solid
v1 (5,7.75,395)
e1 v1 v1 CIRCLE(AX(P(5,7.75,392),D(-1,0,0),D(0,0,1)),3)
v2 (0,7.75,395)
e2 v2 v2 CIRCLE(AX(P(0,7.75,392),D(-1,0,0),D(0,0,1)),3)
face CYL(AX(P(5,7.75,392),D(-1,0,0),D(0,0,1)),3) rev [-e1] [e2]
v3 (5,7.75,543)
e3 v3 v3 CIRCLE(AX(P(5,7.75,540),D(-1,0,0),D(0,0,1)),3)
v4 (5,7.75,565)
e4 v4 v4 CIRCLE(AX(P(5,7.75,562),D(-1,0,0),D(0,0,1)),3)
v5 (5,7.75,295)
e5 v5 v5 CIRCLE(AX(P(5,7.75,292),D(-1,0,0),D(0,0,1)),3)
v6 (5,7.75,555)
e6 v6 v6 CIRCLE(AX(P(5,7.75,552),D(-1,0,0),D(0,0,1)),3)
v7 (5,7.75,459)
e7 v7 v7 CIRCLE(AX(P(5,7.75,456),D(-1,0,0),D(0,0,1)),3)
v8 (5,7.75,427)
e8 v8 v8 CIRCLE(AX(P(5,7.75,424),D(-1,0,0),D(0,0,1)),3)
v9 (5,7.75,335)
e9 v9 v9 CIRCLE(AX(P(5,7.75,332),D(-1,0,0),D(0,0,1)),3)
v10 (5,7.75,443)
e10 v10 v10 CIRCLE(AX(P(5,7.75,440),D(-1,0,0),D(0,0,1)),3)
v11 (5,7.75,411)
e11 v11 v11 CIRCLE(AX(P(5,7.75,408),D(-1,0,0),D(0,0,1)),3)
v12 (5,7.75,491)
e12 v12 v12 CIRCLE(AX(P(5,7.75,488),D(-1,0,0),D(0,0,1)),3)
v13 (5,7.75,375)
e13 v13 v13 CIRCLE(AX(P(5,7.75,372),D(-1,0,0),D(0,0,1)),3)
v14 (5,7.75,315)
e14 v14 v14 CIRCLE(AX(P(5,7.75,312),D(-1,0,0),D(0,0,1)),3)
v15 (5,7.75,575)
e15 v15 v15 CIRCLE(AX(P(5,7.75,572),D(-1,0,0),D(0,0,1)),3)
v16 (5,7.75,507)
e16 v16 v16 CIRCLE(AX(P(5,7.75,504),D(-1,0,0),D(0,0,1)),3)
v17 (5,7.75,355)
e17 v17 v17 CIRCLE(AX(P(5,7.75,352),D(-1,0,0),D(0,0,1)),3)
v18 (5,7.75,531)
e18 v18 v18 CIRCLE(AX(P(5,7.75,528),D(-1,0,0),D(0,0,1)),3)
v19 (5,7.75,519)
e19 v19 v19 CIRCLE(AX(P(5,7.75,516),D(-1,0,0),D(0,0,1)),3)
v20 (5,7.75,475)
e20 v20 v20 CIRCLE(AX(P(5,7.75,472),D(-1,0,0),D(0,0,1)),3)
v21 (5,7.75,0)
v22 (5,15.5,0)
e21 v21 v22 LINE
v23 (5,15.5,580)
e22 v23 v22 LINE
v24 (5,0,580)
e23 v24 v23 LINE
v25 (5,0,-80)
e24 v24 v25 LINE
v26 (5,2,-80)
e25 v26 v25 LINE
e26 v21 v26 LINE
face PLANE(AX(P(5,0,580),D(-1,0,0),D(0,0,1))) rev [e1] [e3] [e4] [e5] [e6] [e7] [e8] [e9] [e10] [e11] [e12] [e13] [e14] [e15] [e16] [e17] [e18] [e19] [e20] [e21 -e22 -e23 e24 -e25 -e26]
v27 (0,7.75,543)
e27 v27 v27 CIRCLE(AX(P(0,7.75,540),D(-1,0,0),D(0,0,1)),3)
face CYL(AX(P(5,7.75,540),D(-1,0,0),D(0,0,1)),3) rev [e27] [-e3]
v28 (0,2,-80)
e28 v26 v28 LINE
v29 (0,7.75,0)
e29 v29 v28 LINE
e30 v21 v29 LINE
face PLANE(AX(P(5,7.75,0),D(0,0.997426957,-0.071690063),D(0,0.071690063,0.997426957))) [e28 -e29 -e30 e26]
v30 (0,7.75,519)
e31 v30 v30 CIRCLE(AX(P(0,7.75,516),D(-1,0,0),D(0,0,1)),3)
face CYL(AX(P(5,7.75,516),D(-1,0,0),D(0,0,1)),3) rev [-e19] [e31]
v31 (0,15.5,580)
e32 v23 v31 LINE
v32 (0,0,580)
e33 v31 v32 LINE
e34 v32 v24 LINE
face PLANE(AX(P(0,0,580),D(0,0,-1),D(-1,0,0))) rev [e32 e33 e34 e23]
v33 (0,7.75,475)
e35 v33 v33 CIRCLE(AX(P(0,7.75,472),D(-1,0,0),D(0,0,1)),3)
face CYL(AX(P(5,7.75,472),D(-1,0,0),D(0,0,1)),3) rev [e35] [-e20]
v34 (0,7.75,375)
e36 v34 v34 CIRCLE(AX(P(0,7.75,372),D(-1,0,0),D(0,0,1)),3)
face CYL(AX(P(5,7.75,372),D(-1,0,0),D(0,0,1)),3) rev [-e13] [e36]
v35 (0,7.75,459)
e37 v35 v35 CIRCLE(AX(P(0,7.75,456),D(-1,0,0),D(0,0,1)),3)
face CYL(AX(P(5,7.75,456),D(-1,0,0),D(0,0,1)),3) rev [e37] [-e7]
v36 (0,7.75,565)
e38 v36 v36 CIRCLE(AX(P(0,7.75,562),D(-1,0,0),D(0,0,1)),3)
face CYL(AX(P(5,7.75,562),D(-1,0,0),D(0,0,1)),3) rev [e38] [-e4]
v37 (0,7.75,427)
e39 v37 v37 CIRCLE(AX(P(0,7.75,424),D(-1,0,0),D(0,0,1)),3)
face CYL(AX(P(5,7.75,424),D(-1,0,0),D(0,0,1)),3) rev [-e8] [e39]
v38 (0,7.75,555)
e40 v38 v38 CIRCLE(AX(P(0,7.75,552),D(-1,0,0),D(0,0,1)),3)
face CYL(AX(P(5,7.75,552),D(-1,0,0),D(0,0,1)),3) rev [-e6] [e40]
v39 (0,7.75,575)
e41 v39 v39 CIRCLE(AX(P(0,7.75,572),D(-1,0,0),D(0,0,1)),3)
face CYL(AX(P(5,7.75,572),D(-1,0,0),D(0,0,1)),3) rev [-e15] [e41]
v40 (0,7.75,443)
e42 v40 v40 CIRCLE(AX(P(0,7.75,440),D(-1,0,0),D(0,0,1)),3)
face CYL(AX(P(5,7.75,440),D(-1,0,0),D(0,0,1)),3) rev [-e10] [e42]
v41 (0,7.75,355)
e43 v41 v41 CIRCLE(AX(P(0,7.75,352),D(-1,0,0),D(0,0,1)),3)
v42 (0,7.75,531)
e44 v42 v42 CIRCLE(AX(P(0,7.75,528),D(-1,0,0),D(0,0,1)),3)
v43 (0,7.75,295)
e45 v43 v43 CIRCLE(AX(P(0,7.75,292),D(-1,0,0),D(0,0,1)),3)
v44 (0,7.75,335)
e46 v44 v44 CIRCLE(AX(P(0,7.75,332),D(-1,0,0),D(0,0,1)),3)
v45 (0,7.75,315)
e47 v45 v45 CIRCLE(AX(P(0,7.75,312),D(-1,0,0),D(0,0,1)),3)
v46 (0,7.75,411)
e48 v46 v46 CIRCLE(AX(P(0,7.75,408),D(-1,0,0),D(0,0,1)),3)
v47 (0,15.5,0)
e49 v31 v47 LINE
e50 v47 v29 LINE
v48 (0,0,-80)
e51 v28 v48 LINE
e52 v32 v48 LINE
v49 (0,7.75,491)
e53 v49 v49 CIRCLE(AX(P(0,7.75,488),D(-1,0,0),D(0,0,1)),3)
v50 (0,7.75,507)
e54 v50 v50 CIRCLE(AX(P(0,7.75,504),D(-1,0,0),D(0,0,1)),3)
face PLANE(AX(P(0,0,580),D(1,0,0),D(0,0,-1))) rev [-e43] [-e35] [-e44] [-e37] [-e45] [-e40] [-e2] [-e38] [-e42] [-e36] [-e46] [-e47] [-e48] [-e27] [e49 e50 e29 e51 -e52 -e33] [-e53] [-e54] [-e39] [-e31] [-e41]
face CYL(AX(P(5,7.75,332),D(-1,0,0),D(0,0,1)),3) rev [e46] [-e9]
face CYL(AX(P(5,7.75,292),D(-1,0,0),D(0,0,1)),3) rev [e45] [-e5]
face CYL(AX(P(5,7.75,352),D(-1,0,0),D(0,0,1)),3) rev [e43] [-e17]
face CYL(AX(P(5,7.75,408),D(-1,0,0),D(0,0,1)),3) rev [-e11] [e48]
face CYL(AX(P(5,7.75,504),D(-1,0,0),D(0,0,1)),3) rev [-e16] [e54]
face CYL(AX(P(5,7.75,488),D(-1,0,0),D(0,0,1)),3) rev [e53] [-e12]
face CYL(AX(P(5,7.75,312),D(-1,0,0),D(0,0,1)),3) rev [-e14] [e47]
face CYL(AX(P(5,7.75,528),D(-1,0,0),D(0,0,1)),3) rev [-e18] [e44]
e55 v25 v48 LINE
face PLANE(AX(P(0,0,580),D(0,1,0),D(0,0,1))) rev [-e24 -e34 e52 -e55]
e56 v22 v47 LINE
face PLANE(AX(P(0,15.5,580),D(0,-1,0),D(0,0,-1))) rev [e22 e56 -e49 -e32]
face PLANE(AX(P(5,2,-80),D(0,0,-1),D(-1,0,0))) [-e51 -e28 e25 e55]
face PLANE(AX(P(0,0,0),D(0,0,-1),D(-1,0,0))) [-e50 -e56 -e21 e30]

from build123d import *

# Parameters (mm, degrees)
SKIZZE1_W                       = 5
SKIZZE1_H                       = 15.5
GRUNDSTAB_DEPTH                 = 580
AUFSATZ_LINEAR_AUSTRAGEN2_DEPTH = 5
SKIZZE4_R                       = 3
SCHNITT_LINEAR_AUSTRAGEN1_DEPTH = 581.228618736


with BuildPart() as part:
    # Skizze1 → GrundStab (new body)
    with BuildSketch(Plane.XY):
        with Locations((2.5, 7.75)):
            Rectangle(SKIZZE1_W, SKIZZE1_H)
    extrude(amount=GRUNDSTAB_DEPTH)

    # Skizze3 → Aufsatz-Linear austragen2 (add, through all)
    with BuildSketch(Plane.ZY):
        Polygon((0, 7.75), (-80, 2), (-80, 0), (0, 0), align=None)
    extrude(amount=-AUFSATZ_LINEAR_AUSTRAGEN2_DEPTH)

    # Skizze4 → Schnitt-Linear austragen1 (cut, through all)
    with BuildSketch(Plane.ZY):
        with Locations((572, 7.75)):
            Circle(SKIZZE4_R)
        with Locations((562, 7.75)):
            Circle(SKIZZE4_R)
        with Locations((552, 7.75)):
            Circle(SKIZZE4_R)
        with Locations((540, 7.75)):
            Circle(SKIZZE4_R)
        with Locations((528, 7.75)):
            Circle(SKIZZE4_R)
        with Locations((516, 7.75)):
            Circle(SKIZZE4_R)
        with Locations((504, 7.75)):
            Circle(SKIZZE4_R)
        with Locations((488, 7.75)):
            Circle(SKIZZE4_R)
        with Locations((472, 7.75)):
            Circle(SKIZZE4_R)
        with Locations((456, 7.75)):
            Circle(SKIZZE4_R)
        with Locations((440, 7.75)):
            Circle(SKIZZE4_R)
        with Locations((424, 7.75)):
            Circle(SKIZZE4_R)
        with Locations((408, 7.75)):
            Circle(SKIZZE4_R)
        with Locations((392, 7.75)):
            Circle(SKIZZE4_R)
        with Locations((372, 7.75)):
            Circle(SKIZZE4_R)
        with Locations((352, 7.75)):
            Circle(SKIZZE4_R)
        with Locations((332, 7.75)):
            Circle(SKIZZE4_R)
        with Locations((312, 7.75)):
            Circle(SKIZZE4_R)
        with Locations((292, 7.75)):
            Circle(SKIZZE4_R)
    extrude(amount=-SCHNITT_LINEAR_AUSTRAGEN1_DEPTH, mode=Mode.SUBTRACT)


solid = part.part
